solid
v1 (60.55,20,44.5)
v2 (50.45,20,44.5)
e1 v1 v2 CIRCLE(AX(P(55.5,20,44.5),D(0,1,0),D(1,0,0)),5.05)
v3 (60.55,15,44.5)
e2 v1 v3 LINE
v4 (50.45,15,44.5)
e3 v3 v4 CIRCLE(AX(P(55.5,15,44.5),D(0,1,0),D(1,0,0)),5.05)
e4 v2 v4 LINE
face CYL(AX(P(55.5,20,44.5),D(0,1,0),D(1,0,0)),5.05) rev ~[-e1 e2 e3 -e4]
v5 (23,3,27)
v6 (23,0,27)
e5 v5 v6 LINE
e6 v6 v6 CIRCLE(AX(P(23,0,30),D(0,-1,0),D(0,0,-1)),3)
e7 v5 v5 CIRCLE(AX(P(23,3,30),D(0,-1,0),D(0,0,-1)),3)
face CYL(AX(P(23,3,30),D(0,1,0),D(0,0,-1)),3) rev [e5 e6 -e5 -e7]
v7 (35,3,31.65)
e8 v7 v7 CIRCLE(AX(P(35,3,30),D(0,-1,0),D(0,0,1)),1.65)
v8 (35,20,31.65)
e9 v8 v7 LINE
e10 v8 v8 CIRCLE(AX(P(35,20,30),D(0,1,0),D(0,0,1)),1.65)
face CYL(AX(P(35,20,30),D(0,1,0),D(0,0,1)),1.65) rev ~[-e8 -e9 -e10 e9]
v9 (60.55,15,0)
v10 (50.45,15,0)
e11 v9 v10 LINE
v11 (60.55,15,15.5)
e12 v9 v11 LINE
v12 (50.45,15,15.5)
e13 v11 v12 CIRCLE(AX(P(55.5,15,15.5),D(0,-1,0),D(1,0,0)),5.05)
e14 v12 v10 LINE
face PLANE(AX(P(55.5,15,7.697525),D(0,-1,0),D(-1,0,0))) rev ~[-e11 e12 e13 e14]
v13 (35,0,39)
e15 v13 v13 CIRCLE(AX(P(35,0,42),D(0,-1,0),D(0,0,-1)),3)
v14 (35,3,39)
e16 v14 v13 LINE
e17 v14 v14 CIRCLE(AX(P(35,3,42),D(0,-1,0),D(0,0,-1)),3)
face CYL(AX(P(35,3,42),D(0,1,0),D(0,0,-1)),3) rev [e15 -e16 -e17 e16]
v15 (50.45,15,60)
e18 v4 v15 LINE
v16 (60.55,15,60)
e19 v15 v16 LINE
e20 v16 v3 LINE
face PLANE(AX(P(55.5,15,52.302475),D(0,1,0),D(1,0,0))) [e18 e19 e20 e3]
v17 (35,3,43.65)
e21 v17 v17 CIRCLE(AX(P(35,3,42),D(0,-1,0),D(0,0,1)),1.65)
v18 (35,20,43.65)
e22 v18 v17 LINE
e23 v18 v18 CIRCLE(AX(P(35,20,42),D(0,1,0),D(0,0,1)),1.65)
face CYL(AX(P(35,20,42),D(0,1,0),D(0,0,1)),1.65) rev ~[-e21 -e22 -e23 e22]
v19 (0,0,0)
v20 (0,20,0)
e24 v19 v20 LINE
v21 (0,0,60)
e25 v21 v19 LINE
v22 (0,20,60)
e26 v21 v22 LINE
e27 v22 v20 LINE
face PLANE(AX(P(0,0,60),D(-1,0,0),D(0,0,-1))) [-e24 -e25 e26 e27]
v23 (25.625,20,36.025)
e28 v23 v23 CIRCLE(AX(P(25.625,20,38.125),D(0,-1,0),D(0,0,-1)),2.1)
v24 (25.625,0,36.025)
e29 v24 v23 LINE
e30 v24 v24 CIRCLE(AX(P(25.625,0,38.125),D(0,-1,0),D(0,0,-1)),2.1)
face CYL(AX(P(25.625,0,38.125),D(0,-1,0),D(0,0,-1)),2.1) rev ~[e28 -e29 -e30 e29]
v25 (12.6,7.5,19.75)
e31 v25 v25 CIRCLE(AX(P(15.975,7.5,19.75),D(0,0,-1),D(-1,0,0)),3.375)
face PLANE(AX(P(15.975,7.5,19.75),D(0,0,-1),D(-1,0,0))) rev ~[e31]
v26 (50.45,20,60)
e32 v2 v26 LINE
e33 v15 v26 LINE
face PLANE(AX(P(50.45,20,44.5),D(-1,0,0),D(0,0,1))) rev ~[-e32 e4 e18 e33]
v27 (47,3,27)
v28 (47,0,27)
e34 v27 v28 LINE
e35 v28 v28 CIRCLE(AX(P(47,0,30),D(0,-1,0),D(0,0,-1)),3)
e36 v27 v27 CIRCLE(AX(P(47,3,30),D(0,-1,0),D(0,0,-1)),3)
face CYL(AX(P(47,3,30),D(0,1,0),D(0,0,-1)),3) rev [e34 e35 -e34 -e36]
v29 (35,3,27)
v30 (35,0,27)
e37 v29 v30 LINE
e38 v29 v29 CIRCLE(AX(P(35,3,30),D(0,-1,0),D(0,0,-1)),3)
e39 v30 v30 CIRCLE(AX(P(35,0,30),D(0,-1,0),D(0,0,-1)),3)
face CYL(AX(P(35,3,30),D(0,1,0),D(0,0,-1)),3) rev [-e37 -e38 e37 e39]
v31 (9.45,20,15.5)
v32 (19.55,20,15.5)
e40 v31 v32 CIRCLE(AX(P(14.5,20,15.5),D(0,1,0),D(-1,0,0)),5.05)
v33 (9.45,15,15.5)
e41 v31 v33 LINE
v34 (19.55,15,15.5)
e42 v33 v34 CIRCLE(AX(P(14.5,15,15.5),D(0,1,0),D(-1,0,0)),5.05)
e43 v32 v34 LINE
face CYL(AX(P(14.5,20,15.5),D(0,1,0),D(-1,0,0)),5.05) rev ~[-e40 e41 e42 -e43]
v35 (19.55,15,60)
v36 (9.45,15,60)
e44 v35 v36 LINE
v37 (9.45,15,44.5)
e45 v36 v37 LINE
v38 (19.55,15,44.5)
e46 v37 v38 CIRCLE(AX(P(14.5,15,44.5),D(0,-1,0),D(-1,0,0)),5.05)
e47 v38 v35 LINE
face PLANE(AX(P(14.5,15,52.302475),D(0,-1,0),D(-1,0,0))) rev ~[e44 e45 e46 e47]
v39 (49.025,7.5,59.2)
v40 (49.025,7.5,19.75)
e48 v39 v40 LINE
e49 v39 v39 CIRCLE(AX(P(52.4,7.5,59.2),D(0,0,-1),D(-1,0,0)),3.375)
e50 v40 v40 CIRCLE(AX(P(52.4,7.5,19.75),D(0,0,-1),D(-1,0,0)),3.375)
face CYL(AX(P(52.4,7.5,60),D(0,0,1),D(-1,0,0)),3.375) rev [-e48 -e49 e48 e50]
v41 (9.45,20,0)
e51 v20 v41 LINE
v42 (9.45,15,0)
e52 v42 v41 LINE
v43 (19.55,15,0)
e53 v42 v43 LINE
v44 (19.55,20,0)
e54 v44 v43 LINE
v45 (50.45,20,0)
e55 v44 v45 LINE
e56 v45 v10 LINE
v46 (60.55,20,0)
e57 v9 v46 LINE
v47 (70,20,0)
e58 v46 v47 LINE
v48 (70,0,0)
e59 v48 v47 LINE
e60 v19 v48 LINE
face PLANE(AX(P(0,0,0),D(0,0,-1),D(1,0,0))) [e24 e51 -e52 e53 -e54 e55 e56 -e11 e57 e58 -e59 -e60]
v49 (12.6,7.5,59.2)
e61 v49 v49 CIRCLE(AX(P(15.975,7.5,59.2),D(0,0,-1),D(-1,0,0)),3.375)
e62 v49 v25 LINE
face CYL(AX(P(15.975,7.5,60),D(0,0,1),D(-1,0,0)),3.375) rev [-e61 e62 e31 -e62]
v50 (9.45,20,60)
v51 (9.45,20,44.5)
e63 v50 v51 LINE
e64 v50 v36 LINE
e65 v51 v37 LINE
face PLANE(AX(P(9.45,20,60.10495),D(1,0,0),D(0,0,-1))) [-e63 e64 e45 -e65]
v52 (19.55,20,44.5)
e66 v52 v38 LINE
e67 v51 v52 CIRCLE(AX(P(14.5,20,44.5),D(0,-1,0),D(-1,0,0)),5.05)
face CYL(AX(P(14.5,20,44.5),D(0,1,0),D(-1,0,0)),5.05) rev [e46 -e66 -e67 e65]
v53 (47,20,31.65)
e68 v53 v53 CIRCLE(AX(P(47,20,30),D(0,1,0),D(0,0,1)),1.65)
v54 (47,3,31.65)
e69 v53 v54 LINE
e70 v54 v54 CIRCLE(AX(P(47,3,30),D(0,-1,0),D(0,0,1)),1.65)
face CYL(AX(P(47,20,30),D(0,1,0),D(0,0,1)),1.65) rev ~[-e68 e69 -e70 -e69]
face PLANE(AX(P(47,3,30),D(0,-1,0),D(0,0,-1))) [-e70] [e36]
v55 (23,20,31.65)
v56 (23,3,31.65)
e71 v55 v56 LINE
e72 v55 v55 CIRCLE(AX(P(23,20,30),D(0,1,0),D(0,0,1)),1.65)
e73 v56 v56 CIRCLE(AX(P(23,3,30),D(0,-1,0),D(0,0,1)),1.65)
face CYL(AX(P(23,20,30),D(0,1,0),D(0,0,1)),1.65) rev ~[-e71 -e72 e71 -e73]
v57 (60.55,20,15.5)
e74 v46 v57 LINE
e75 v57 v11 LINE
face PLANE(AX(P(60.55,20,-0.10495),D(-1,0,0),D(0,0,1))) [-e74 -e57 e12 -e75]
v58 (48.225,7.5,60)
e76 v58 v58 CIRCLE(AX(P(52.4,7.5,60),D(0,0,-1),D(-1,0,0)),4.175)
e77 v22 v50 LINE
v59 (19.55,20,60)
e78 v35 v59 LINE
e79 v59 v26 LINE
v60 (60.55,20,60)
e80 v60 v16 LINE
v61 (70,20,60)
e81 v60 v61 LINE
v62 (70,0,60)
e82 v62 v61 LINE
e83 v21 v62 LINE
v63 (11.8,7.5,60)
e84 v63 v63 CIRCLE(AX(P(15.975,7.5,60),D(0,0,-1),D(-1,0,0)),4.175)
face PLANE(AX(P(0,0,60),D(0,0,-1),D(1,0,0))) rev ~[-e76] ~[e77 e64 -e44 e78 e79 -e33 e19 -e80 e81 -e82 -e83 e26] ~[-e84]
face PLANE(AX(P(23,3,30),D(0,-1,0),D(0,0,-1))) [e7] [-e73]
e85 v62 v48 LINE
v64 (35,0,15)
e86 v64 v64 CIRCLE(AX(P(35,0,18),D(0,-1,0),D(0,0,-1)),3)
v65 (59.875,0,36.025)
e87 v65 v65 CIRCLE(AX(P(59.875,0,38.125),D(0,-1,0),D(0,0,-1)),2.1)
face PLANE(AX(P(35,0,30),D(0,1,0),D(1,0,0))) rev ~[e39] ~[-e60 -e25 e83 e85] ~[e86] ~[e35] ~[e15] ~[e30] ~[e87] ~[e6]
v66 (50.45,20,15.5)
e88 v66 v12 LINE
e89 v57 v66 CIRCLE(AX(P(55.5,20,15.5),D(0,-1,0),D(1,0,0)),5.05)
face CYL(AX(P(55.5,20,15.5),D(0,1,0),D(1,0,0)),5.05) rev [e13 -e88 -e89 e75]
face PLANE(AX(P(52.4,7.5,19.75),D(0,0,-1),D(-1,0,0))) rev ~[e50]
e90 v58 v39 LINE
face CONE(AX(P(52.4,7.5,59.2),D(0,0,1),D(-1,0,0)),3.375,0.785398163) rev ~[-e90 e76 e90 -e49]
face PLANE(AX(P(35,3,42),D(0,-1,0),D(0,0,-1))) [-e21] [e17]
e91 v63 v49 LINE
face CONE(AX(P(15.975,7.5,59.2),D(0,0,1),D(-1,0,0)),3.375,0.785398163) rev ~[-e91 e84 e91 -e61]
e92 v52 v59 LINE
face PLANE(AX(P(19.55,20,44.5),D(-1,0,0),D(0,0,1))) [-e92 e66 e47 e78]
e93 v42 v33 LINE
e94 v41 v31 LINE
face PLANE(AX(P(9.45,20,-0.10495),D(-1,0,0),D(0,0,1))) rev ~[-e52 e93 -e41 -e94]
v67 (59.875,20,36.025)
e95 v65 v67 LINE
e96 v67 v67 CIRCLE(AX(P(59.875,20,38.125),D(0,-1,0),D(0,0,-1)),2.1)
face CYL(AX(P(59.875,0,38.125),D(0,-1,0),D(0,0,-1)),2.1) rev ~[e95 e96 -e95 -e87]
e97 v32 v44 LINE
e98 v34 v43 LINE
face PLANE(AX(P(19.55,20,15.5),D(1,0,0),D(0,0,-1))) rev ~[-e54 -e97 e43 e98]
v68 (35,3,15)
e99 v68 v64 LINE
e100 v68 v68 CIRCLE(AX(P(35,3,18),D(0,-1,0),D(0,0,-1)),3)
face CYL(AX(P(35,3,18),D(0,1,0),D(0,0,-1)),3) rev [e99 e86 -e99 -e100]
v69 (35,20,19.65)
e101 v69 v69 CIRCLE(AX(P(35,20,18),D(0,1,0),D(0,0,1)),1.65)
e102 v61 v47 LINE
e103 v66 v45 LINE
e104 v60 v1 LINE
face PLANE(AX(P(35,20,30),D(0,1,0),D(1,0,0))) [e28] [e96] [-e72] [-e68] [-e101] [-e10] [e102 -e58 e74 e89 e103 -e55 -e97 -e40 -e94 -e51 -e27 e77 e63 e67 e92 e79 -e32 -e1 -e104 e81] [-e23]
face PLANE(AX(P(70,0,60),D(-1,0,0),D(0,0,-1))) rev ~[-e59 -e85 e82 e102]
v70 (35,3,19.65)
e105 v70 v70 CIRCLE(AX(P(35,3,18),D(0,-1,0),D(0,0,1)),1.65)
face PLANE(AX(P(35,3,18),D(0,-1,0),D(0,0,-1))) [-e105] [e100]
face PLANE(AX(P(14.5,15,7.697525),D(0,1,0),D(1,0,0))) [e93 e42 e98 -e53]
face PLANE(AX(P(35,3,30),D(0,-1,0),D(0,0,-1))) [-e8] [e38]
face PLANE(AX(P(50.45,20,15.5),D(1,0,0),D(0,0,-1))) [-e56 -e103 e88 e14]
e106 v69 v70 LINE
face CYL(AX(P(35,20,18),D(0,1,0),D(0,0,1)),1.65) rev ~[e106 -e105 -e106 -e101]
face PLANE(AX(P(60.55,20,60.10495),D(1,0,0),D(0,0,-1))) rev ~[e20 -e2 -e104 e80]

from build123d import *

# Parameters (mm, degrees)
SKETCH3_W           = 70
SKETCH3_H           = 60
BOSS_EXTRUDE3_DEPTH = 20
SKETCH4_R           = 1.65
CUT_EXTRUDE1_DEPTH  = 95.339811321
SKETCH6_R           = 2.1
CUT_EXTRUDE2_DEPTH  = 95.339811321
SKETCH9_R           = 3.375
CUT_EXTRUDE3_DEPTH  = 40.25
CUT_EXTRUDE4_START  = -3
SKETCH11_R          = 3
SKETCH11_R_2        = 1.65
CUT_EXTRUDE4_DEPTH  = 3
CUT_EXTRUDE5_DEPTH  = 5
CHAMFER2_SIZE       = 0.8


with BuildPart() as part:
    # Sketch3 → Boss-Extrude3 (new body)
    with BuildSketch(Plane(origin=(0, 0, 0), x_dir=(1, 0, 0), z_dir=(0, 1, 0))):
        with Locations((35, -30)):
            Rectangle(SKETCH3_W, SKETCH3_H)
    extrude(amount=BOSS_EXTRUDE3_DEPTH)

    # Sketch4 → Cut-Extrude1 (cut, through all)
    with BuildSketch(Plane(origin=(0, 20, 0), x_dir=(1, 0, 0), z_dir=(0, 1, 0))):
        with Locations(Location((35, -30, 0), (0, 0, 270))):
            Circle(SKETCH4_R)
        with Locations(Location((35, -18, 0), (0, 0, 270))):
            Circle(SKETCH4_R)
        with Locations(Location((47, -30, 0), (0, 0, 270))):
            Circle(SKETCH4_R)
        with Locations(Location((35, -42, 0), (0, 0, 270))):
            Circle(SKETCH4_R)
        with Locations(Location((23, -30, 0), (0, 0, 270))):
            Circle(SKETCH4_R)
    extrude(amount=-CUT_EXTRUDE1_DEPTH, mode=Mode.SUBTRACT)

    # Sketch6 → Cut-Extrude2 (cut, through all)
    with BuildSketch(Plane.XZ):
        with Locations(Location((25.625, 38.125, 0), (0, 0, 270))):
            Circle(SKETCH6_R)
        with Locations(Location((59.875, 38.125, 0), (0, 0, 270))):
            Circle(SKETCH6_R)
    extrude(amount=-CUT_EXTRUDE2_DEPTH, mode=Mode.SUBTRACT)

    # Sketch9 → Cut-Extrude3 (cut)
    with BuildSketch(Plane(origin=(0, 0, 60), x_dir=(-1, 0, 0), z_dir=(0, 0, -1))):
        with Locations((-52.4, 7.5)):
            Circle(SKETCH9_R)
        with Locations((-15.975, 7.5)):
            Circle(SKETCH9_R)
    extrude(amount=CUT_EXTRUDE3_DEPTH, mode=Mode.SUBTRACT)

    # Sketch11 → Cut-Extrude4 (cut)
    # profile 1 of 10: a face of its own
    with BuildSketch(Plane.XZ.offset(CUT_EXTRUDE4_START)):
        with Locations(Location((35, 18, 0), (0, 0, 270))):
            Circle(SKETCH11_R)
        with Locations(Location((35, 18, 0), (0, 0, 90))):
            Circle(SKETCH11_R_2, mode=Mode.SUBTRACT)
    # profile 2 of 10: a face of its own
    with BuildSketch(Plane.XZ.offset(CUT_EXTRUDE4_START)):
        with Locations(Location((35, 30, 0), (0, 0, 270))):
            Circle(SKETCH11_R)
        with Locations(Location((35, 30, 0), (0, 0, 90))):
            Circle(SKETCH11_R_2, mode=Mode.SUBTRACT)
    # profile 3 of 10: a face of its own
    with BuildSketch(Plane.XZ.offset(CUT_EXTRUDE4_START)):
        with Locations(Location((47, 30, 0), (0, 0, 270))):
            Circle(SKETCH11_R)
        with Locations(Location((47, 30, 0), (0, 0, 90))):
            Circle(SKETCH11_R_2, mode=Mode.SUBTRACT)
    # profile 4 of 10: a face of its own
    with BuildSketch(Plane.XZ.offset(CUT_EXTRUDE4_START)):
        with Locations(Location((23, 30, 0), (0, 0, 270))):
            Circle(SKETCH11_R)
        with Locations(Location((23, 30, 0), (0, 0, 90))):
            Circle(SKETCH11_R_2, mode=Mode.SUBTRACT)
    # profile 5 of 10: a face of its own
    with BuildSketch(Plane.XZ.offset(CUT_EXTRUDE4_START)):
        with Locations(Location((35, 42, 0), (0, 0, 270))):
            Circle(SKETCH11_R)
        with Locations(Location((35, 42, 0), (0, 0, 90))):
            Circle(SKETCH11_R_2, mode=Mode.SUBTRACT)
    # profile 6 of 10: a face of its own
    with BuildSketch(Plane.XZ.offset(CUT_EXTRUDE4_START)):
        with Locations(Location((35, 42, 0), (0, 0, 90))):
            Circle(SKETCH11_R_2)
    # profile 7 of 10: a face of its own
    with BuildSketch(Plane.XZ.offset(CUT_EXTRUDE4_START)):
        with Locations(Location((23, 30, 0), (0, 0, 90))):
            Circle(SKETCH11_R_2)
    # profile 8 of 10: a face of its own
    with BuildSketch(Plane.XZ.offset(CUT_EXTRUDE4_START)):
        with Locations(Location((35, 30, 0), (0, 0, 90))):
            Circle(SKETCH11_R_2)
    # profile 9 of 10: a face of its own
    with BuildSketch(Plane.XZ.offset(CUT_EXTRUDE4_START)):
        with Locations(Location((47, 30, 0), (0, 0, 90))):
            Circle(SKETCH11_R_2)
    # profile 10 of 10: a face of its own
    with BuildSketch(Plane.XZ.offset(CUT_EXTRUDE4_START)):
        with Locations(Location((35, 18, 0), (0, 0, 90))):
            Circle(SKETCH11_R_2)
    extrude(amount=CUT_EXTRUDE4_DEPTH, mode=Mode.SUBTRACT)

    # Sketch12 → Cut-Extrude5 (cut)
    with BuildSketch(Plane(origin=(0, 20, 0), x_dir=(1, 0, 0), z_dir=(0, 1, 0))):
        with BuildLine():
            Line((9.45, -60.104949747), (9.45, -44.5))
            ThreePointArc((9.45, -44.5), (14.5, -39.45), (19.55, -44.5))
            Line((19.55, -44.5), (19.55, -60.104949747))
            ThreePointArc((19.55, -60.104949747), (14.5, -65.154949747), (9.45, -60.104949747))
        make_face()
        with BuildLine():
            Line((60.55, -60.104949747), (60.55, -44.5))
            ThreePointArc((60.55, -44.5), (55.5, -39.45), (50.45, -44.5))
            Line((50.45, -44.5), (50.45, -60.104949747))
            ThreePointArc((50.45, -60.104949747), (55.5, -65.154949747), (60.55, -60.104949747))
        make_face()
        with BuildLine():
            Line((60.55, 0.104949747), (60.55, -15.5))
            ThreePointArc((60.55, -15.5), (55.5, -20.55), (50.45, -15.5))
            Line((50.45, -15.5), (50.45, 0.104949747))
            ThreePointArc((50.45, 0.104949747), (55.5, 5.154949747), (60.55, 0.104949747))
        make_face()
        with BuildLine():
            Line((9.45, 0.104949747), (9.45, -15.5))
            ThreePointArc((9.45, -15.5), (14.5, -20.55), (19.55, -15.5))
            Line((19.55, -15.5), (19.55, 0.104949747))
            ThreePointArc((19.55, 0.104949747), (14.5, 5.154949747), (9.45, 0.104949747))
        make_face()
    extrude(amount=-CUT_EXTRUDE5_DEPTH, mode=Mode.SUBTRACT)

    # Chamfer2
    chamfer2_edges = [part.edges().sort_by_distance(p)[0] for p in [
        (55.775, 7.5, 60),
        (19.35, 7.5, 60),
    ]]
    chamfer(chamfer2_edges, length=CHAMFER2_SIZE)


solid = part.part
